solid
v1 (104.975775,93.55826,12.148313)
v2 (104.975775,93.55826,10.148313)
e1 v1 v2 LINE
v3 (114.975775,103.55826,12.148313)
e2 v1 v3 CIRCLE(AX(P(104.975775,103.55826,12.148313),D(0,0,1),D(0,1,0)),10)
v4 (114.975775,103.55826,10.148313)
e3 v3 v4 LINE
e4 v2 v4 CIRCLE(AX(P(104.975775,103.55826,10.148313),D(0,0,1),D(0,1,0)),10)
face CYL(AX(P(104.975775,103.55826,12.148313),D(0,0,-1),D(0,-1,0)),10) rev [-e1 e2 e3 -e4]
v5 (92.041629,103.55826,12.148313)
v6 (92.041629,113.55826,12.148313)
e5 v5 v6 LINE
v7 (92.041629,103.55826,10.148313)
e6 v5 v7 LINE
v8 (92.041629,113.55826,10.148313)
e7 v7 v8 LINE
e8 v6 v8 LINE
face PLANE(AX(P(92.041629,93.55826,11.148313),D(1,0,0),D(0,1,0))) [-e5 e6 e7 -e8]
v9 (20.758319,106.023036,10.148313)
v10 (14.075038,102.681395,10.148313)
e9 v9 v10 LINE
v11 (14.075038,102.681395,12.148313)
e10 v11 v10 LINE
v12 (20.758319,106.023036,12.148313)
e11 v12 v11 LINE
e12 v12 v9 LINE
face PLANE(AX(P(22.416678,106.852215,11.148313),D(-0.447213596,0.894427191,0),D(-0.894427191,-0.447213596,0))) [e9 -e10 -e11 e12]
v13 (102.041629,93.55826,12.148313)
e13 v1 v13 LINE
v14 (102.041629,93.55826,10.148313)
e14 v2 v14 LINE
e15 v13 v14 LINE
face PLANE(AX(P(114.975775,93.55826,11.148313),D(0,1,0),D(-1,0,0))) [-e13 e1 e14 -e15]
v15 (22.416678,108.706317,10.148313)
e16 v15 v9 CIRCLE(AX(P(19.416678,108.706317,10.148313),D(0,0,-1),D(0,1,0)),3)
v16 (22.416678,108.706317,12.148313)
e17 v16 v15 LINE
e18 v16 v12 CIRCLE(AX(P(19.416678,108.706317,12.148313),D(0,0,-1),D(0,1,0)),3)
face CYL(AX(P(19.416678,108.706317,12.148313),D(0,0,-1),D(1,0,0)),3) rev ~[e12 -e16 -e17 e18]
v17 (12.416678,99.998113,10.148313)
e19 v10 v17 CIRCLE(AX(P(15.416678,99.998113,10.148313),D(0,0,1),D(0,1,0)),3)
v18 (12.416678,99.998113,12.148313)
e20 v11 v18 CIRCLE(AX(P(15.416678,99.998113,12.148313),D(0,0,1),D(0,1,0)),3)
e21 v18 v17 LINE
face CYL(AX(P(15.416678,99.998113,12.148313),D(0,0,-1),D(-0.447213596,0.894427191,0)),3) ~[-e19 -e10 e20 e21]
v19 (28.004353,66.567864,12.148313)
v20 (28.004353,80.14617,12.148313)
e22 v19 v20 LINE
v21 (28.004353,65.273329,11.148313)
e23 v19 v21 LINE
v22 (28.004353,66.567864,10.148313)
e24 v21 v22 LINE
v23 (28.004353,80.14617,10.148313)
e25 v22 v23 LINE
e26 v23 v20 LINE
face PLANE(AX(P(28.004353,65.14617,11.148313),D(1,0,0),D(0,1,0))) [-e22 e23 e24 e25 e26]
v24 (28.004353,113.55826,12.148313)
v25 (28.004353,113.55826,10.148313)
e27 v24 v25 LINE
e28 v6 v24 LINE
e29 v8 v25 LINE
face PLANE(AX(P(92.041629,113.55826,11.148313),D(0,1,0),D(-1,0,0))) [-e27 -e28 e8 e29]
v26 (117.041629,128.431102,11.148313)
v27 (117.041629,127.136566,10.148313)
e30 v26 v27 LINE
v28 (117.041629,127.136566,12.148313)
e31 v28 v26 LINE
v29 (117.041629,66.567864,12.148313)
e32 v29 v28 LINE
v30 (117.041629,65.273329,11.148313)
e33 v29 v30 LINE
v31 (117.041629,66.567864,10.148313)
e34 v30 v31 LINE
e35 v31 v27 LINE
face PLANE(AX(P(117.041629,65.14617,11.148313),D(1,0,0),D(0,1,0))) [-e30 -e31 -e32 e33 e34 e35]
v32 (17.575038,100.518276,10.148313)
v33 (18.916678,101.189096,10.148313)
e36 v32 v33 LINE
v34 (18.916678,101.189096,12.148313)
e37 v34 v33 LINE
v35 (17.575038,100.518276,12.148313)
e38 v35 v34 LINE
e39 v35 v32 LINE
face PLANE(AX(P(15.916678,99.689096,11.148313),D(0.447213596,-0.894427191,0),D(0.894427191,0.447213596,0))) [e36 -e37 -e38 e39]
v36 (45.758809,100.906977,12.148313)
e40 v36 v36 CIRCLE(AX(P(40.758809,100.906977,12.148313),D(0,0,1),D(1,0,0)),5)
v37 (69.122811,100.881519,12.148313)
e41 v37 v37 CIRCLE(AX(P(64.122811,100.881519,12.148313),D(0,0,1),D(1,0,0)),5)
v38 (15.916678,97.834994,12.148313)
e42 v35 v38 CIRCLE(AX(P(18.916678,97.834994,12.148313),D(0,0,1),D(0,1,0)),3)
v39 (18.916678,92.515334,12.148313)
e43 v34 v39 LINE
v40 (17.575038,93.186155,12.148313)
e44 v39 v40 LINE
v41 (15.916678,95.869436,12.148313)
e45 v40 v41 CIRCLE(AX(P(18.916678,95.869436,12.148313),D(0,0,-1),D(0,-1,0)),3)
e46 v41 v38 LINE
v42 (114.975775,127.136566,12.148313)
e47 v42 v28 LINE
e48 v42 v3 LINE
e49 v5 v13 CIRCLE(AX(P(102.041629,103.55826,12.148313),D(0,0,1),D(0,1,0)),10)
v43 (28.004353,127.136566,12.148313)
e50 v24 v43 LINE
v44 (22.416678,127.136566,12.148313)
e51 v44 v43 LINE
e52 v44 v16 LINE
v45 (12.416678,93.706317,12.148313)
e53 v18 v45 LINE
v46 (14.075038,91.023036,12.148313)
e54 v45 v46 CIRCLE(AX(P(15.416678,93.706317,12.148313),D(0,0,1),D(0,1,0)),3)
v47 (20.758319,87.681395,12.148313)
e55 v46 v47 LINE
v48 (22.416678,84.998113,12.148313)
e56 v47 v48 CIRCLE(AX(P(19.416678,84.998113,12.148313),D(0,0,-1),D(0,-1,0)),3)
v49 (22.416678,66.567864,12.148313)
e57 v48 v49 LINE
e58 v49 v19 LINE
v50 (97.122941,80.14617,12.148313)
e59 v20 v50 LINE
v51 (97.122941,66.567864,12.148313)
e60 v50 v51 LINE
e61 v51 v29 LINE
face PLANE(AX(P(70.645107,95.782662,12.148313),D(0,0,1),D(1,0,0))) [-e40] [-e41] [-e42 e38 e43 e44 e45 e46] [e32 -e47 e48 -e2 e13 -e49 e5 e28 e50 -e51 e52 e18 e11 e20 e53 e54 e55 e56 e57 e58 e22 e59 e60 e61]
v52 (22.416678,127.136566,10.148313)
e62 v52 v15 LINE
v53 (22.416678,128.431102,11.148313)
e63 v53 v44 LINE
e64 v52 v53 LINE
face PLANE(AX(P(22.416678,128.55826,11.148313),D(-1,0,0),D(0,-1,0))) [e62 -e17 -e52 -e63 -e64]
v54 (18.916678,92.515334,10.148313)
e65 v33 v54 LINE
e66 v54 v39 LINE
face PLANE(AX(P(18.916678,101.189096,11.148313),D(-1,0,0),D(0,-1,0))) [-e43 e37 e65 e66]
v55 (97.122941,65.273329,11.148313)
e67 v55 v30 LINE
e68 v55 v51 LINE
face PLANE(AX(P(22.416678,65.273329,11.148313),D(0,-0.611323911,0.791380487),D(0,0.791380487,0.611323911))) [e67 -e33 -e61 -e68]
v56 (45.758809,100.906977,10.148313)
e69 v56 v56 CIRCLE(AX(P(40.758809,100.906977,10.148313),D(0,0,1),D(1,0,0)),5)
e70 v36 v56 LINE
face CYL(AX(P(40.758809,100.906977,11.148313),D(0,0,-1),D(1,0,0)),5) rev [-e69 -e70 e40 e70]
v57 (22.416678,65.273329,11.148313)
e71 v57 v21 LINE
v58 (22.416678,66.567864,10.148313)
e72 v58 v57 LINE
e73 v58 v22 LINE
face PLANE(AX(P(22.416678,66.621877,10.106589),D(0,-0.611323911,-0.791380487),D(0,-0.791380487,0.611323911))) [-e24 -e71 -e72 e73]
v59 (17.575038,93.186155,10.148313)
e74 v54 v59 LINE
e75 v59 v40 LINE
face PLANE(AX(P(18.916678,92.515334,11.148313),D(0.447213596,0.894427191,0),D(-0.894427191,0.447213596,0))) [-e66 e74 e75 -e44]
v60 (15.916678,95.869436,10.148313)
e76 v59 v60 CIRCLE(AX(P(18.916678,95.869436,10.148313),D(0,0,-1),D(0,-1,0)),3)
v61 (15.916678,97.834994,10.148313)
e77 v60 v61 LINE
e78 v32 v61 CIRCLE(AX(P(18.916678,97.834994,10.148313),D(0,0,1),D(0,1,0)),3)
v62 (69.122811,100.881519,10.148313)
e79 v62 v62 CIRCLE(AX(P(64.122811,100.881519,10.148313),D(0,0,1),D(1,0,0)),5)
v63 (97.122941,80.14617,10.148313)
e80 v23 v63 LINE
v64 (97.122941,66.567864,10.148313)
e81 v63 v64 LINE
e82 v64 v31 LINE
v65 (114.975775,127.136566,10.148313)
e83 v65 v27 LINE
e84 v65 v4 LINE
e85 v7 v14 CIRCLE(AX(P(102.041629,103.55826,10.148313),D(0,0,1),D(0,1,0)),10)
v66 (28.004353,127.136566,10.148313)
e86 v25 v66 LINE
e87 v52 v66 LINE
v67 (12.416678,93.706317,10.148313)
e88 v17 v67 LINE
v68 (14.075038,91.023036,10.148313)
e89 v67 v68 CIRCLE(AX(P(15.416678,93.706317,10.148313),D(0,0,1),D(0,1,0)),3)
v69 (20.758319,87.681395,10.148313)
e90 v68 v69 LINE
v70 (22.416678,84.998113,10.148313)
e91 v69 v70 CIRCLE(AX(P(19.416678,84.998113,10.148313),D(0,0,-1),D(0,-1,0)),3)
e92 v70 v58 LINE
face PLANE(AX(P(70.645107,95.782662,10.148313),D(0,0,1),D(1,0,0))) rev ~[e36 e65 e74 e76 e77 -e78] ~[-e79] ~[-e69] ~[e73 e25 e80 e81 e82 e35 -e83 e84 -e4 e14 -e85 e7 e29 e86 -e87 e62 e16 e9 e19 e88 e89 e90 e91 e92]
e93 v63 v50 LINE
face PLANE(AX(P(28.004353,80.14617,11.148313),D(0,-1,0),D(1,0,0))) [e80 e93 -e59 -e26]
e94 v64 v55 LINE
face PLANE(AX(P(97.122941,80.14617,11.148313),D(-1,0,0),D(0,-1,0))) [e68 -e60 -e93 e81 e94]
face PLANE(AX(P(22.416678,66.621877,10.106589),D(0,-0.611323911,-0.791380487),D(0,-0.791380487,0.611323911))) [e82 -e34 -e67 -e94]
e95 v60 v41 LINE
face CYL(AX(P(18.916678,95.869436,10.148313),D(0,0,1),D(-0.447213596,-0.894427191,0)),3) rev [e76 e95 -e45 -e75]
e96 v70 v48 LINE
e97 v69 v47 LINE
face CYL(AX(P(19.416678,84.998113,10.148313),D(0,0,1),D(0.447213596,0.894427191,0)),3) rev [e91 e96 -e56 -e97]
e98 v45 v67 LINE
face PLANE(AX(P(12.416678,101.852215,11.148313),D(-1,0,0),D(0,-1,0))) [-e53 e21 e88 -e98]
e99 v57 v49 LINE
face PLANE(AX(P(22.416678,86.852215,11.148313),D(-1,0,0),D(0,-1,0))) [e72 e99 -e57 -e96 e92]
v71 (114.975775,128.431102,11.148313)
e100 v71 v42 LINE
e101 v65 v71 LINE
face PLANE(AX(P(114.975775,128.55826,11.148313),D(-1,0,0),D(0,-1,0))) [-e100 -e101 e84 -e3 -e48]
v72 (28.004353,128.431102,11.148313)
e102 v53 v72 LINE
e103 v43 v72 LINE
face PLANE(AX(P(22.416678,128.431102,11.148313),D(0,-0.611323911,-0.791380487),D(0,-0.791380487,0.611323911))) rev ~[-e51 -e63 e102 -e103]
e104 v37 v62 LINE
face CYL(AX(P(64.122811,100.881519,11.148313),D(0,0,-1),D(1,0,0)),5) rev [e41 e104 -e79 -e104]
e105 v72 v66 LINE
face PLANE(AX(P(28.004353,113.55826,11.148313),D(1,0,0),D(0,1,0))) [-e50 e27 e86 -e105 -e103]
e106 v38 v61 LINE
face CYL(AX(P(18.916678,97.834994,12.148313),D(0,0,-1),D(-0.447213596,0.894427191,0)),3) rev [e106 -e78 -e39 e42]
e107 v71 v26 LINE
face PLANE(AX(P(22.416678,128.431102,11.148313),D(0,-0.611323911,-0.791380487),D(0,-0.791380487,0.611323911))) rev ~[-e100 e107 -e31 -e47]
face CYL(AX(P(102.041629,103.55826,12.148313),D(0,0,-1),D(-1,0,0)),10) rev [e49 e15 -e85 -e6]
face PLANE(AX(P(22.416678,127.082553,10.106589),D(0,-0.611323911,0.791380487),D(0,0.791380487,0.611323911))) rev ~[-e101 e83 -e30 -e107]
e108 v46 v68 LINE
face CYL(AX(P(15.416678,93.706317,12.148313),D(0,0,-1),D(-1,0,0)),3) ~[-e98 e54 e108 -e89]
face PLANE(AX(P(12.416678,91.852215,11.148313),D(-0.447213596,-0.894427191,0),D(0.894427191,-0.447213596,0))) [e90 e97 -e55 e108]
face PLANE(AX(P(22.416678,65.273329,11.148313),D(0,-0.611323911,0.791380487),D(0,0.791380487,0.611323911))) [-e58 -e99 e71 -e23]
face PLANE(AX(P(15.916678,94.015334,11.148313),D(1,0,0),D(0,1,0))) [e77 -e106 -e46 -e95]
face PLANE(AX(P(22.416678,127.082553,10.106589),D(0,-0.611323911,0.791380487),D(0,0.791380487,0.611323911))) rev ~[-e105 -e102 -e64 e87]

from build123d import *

# Parameters (mm, degrees)
SKETCH1_R           = 5
BOSS_EXTRUDE1_DEPTH = 1
CUT_EXTRUDE1_DEPTH  = 161.089628267
FILLET1_R           = 10
FILLET2_R           = 3


with BuildPart() as part:
    # Sketch1 → Boss-Extrude1 (new, symmetric)
    with BuildSketch(Plane.XY.offset(11.1483132)):
        Polygon((12.416678302, 91.852215255), (22.416678302, 86.852215255), (22.416678302, 65.146170087), (28.004353293, 65.146170087), (28.004353293, 80.146170087), (97.122940581, 80.146170087), (97.122940581, 65.146170087), (117.041628722, 65.146170087), (117.041628722, 128.558260423), (114.975774521, 128.558260423), (114.975774521, 93.558260423), (92.041628722, 93.558260423), (92.041628722, 113.558260423), (28.004353293, 113.558260423), (28.004353293, 128.558260423), (22.416678302, 128.558260423), (22.416678302, 106.852215255), (12.416678302, 101.852215255), align=None)
        Polygon((18.916678302, 92.515334216), (15.916678302, 94.015334216), (15.916678302, 99.689096294), (18.916678302, 101.189096294), align=None, mode=Mode.SUBTRACT)
        with Locations((64.122810805, 100.881519454)):
            Circle(SKETCH1_R, mode=Mode.SUBTRACT)
        with Locations((40.75880907, 100.906977446)):
            Circle(SKETCH1_R, mode=Mode.SUBTRACT)
    extrude(amount=BOSS_EXTRUDE1_DEPTH, both=True)

    # Sketch2 → Cut-Extrude1 (cut, through all)
    with BuildSketch(Plane.ZY.offset(-22.416678302)):
        Polygon((10.106589297, 128.558260423), (10.106589297, 127.082553075), (11.1483132, 128.431101618), (12.190037103, 127.082553075), (12.190037103, 128.558260423), align=None)
        Polygon((12.190037103, 66.621877435), (12.190037103, 65.146170087), (10.106589297, 65.146170087), (10.106589297, 66.621877435), (11.1483132, 65.273328892), align=None)
    extrude(amount=-CUT_EXTRUDE1_DEPTH, mode=Mode.SUBTRACT)

    # Fillet1
    fillet1_edges = [part.edges().sort_by_distance(p)[0] for p in [
        (92.041628722, 93.558260423, 11.1483132),
        (114.975774521, 93.558260423, 11.1483132),
    ]]
    fillet(fillet1_edges, radius=FILLET1_R)

    # Fillet2
    fillet2_edges = [part.edges().sort_by_distance(p)[0] for p in [
        (15.916678302, 94.015334216, 11.1483132),
        (15.916678302, 99.689096294, 11.1483132),
        (22.416678302, 86.852215255, 11.1483132),
        (12.416678302, 91.852215255, 11.1483132),
        (12.416678302, 101.852215255, 11.1483132),
        (22.416678302, 106.852215255, 11.1483132),
    ]]
    fillet(fillet2_edges, radius=FILLET2_R)


solid = part.part
